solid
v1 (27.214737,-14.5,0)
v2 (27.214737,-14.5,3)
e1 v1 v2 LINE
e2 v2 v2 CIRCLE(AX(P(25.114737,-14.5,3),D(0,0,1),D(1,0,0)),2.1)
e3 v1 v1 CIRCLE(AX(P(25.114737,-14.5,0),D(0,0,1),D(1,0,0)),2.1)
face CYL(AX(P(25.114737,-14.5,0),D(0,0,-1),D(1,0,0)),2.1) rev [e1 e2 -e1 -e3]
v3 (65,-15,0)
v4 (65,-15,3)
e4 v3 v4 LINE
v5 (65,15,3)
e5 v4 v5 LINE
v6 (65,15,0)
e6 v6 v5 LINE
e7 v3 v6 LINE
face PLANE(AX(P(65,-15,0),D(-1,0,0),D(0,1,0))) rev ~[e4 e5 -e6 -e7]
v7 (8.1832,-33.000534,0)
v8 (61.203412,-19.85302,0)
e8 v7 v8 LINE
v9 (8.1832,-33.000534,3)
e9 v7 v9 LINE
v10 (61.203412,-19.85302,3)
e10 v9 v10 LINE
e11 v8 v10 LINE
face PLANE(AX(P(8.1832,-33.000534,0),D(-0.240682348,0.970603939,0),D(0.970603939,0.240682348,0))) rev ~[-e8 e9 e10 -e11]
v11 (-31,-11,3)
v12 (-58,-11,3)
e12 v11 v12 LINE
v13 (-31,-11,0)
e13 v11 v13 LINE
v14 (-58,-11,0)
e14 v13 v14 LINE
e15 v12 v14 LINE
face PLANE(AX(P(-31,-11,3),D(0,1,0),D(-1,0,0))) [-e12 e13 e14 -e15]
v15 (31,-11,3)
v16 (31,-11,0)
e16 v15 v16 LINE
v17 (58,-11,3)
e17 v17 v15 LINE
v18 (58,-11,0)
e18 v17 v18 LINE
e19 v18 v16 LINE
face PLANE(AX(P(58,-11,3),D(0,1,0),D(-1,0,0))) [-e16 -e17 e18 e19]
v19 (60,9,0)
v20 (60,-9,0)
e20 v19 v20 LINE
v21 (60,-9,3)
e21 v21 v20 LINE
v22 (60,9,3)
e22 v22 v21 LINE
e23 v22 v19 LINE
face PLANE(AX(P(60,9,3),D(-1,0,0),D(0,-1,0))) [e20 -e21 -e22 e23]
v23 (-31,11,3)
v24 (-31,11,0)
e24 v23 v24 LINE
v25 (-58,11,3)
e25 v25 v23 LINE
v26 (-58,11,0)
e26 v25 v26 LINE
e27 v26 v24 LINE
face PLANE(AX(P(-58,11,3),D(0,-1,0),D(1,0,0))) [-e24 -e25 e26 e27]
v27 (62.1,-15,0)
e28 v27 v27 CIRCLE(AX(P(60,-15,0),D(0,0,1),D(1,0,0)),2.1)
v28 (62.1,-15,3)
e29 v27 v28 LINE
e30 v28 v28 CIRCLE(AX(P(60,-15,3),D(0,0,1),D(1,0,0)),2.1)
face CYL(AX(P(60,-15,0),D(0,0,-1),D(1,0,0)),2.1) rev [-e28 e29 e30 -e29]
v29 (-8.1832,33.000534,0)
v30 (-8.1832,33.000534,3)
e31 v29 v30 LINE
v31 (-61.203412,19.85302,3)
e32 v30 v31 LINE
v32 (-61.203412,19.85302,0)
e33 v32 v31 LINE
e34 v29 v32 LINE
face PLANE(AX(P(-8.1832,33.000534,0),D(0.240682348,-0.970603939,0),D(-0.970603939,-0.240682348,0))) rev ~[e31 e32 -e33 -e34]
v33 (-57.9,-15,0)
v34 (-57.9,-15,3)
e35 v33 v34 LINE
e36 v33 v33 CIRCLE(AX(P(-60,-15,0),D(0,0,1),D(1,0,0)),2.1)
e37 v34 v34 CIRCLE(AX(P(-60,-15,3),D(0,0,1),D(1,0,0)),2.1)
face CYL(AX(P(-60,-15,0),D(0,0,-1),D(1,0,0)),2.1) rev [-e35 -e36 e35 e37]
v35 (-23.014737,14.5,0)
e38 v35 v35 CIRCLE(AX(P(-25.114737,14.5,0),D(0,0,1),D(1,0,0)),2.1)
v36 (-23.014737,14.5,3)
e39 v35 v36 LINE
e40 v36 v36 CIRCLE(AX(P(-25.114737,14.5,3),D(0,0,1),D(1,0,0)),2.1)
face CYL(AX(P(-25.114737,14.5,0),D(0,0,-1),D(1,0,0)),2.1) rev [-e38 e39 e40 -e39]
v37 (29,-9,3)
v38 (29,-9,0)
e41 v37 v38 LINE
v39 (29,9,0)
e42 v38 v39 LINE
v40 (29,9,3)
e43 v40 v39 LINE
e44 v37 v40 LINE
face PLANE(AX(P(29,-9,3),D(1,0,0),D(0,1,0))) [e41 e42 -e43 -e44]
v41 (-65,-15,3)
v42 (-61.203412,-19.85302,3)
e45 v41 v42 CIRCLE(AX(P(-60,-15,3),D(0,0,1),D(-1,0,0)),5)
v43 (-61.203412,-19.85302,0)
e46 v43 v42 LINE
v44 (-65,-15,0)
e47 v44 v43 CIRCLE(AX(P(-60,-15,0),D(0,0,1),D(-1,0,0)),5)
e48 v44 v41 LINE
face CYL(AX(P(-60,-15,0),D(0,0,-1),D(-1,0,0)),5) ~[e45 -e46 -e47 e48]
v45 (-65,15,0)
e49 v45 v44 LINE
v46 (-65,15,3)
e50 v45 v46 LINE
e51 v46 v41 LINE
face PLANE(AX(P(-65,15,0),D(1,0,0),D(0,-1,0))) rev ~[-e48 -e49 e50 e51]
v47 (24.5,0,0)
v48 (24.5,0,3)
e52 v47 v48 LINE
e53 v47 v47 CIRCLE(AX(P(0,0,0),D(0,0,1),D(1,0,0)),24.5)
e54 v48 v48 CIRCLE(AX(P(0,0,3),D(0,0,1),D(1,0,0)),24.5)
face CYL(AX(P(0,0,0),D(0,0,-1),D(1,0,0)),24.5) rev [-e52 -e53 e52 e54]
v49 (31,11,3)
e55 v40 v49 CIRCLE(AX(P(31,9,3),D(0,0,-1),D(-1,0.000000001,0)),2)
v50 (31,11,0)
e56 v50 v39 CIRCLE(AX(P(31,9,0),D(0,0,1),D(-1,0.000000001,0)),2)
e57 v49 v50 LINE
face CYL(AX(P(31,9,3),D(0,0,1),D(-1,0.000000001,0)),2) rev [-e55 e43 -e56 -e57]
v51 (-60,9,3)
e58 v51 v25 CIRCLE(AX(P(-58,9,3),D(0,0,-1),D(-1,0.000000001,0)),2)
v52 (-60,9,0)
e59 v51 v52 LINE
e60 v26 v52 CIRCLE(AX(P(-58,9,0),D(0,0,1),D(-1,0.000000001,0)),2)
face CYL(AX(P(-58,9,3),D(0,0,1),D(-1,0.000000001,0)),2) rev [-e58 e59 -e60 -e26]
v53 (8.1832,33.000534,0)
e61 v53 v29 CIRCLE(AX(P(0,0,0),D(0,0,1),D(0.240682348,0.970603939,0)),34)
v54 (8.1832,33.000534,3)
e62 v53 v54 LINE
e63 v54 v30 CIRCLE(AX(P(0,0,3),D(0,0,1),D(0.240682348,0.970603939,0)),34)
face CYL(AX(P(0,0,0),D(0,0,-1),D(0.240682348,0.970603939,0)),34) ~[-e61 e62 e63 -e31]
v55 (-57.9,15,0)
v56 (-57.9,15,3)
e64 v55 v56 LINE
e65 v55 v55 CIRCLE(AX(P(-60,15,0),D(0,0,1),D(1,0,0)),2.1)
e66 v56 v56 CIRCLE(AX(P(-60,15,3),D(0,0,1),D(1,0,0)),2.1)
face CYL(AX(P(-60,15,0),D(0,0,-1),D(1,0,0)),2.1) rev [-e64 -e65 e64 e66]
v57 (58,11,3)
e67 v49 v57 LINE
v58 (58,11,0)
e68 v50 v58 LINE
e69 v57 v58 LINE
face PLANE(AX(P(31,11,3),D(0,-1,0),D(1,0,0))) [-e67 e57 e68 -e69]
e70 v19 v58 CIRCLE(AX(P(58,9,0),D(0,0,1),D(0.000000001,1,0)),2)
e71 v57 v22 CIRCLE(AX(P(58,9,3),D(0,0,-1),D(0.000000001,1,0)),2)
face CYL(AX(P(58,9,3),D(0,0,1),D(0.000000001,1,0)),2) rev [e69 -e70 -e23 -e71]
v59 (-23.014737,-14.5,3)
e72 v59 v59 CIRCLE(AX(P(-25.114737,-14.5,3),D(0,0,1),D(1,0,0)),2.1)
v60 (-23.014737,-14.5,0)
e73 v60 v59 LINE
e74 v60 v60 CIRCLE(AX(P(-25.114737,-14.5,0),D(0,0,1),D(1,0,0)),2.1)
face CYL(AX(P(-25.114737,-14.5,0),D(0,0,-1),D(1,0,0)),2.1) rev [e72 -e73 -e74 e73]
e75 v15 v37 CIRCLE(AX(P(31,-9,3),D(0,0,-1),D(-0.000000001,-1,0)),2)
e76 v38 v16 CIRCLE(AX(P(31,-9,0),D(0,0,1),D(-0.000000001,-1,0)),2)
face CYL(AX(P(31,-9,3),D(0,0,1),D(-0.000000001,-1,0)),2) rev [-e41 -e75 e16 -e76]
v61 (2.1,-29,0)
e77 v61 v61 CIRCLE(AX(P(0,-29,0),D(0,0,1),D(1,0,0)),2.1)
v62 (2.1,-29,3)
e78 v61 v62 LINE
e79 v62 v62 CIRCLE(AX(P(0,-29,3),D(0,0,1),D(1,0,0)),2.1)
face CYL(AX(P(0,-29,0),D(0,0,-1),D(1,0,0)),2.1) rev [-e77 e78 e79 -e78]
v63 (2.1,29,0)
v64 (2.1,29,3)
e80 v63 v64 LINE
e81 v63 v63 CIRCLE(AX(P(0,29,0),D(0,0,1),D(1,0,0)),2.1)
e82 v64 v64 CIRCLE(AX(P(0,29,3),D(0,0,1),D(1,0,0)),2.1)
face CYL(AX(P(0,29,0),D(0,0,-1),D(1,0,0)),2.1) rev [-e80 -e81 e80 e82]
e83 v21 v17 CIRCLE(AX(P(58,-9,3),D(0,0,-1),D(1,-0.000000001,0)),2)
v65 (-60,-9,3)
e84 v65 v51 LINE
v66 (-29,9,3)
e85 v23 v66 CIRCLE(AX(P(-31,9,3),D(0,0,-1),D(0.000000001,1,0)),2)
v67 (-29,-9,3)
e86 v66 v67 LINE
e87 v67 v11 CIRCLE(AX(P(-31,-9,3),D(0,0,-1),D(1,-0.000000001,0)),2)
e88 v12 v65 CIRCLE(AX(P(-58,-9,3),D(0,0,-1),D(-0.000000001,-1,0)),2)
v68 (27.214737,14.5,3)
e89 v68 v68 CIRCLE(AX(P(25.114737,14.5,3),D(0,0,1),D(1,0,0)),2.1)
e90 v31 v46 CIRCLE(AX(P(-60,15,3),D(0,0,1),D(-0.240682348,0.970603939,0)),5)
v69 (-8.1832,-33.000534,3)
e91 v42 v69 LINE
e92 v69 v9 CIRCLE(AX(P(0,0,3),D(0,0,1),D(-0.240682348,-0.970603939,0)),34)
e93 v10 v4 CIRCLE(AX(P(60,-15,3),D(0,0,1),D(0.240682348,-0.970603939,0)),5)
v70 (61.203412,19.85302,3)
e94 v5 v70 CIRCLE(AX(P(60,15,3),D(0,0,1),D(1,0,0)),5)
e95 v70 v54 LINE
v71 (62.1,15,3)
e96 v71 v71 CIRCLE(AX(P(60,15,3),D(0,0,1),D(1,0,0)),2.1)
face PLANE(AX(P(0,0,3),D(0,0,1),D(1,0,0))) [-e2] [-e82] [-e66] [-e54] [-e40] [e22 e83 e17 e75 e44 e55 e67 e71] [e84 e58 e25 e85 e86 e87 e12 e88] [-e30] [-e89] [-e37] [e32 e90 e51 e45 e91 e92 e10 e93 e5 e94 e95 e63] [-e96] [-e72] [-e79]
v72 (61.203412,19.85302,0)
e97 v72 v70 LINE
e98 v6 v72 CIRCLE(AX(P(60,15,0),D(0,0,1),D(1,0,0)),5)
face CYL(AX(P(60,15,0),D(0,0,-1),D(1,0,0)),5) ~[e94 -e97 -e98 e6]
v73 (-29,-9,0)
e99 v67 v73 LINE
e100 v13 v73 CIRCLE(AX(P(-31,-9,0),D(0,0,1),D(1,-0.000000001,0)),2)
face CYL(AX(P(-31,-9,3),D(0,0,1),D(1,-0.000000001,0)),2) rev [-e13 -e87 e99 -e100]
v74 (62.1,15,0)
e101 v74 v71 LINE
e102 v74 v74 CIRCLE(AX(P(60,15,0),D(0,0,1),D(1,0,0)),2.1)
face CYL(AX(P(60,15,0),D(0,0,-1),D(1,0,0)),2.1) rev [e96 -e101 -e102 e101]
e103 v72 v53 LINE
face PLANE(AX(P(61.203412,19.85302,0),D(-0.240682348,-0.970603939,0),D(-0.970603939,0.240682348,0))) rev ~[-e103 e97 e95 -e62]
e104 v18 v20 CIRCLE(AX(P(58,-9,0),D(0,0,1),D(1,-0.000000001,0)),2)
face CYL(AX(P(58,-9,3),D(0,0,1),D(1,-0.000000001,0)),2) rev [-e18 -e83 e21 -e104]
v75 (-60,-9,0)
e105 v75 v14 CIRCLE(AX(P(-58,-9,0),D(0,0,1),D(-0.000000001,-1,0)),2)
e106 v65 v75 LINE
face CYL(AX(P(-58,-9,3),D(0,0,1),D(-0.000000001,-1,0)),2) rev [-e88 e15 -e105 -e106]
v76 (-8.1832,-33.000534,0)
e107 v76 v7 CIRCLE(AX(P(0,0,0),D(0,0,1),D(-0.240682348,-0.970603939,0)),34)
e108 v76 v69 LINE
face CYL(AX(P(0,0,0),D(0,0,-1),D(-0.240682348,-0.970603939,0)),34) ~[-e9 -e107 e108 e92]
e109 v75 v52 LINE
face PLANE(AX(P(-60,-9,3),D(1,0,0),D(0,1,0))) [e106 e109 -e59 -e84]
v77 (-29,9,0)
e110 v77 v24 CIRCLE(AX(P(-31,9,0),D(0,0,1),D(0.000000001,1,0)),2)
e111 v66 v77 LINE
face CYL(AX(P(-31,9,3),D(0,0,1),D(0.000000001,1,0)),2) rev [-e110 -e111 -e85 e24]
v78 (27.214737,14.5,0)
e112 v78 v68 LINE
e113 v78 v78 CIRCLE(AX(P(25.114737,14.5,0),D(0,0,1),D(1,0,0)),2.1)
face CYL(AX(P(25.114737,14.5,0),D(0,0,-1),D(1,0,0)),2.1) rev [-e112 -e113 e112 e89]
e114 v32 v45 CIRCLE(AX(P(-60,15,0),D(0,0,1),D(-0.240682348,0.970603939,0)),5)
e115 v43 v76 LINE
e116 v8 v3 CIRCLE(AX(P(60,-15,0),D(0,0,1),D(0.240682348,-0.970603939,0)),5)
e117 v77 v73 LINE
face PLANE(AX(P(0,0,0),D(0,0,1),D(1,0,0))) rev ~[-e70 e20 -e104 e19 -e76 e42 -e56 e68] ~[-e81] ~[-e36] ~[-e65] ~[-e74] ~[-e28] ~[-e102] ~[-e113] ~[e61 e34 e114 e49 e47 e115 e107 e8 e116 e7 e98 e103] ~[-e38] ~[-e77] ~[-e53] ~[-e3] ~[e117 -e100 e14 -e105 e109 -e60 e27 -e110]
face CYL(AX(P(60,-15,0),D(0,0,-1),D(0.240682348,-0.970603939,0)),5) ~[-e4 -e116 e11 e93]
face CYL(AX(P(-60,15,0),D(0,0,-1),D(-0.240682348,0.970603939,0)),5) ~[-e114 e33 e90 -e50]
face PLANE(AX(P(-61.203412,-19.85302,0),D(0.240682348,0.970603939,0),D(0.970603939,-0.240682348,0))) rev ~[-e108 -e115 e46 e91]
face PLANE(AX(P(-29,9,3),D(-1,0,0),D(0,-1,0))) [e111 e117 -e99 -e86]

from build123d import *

# Parameters (mm, degrees)
SKETCH_1_R          = 24.5
SKETCH_1_R_2        = 2.1
EXTRUDE_1_DEPTH     = 3
CUT_EXTRUDE_1_DEPTH = 10


with BuildPart() as part:
    # 草图1 → 凸台-拉伸1 (new body)
    with BuildSketch(Plane.XY):
        with BuildLine():
            Line((-65, 15), (-65, -15))
            ThreePointArc((-65, -15), (-63.938087017, -18.080823047), (-61.203411742, -19.853019697))
            Line((-61.203411742, -19.853019697), (-8.183199849, -33.000533939))
            ThreePointArc((-8.183199849, -33.000533939), (0, -34), (8.183199849, -33.000533939))
            Line((8.183199849, -33.000533939), (61.203411742, -19.853019697))
            ThreePointArc((61.203411742, -19.853019697), (63.938087017, -18.080823047), (65, -15))
            Line((65, -15), (65, 15))
            ThreePointArc((65, 15), (63.938087017, 18.080823047), (61.203411742, 19.853019697))
            Line((61.203411742, 19.853019697), (8.183199849, 33.000533939))
            ThreePointArc((8.183199849, 33.000533939), (0, 34), (-8.183199849, 33.000533939))
            Line((-8.183199849, 33.000533939), (-61.203411742, 19.853019697))
            ThreePointArc((-61.203411742, 19.853019697), (-63.938087017, 18.080823047), (-65, 15))
        make_face()
        Circle(SKETCH_1_R, mode=Mode.SUBTRACT)
        with Locations((0, 29)):
            Circle(SKETCH_1_R_2, mode=Mode.SUBTRACT)
        with Locations((25.11473671, 14.5)):
            Circle(SKETCH_1_R_2, mode=Mode.SUBTRACT)
        with Locations((25.11473671, -14.5)):
            Circle(SKETCH_1_R_2, mode=Mode.SUBTRACT)
        with Locations((0, -29)):
            Circle(SKETCH_1_R_2, mode=Mode.SUBTRACT)
        with Locations((-25.11473671, -14.5)):
            Circle(SKETCH_1_R_2, mode=Mode.SUBTRACT)
        with Locations((-25.11473671, 14.5)):
            Circle(SKETCH_1_R_2, mode=Mode.SUBTRACT)
        with Locations((-60, 15)):
            Circle(SKETCH_1_R_2, mode=Mode.SUBTRACT)
        with Locations((-60, -15)):
            Circle(SKETCH_1_R_2, mode=Mode.SUBTRACT)
        with Locations((60, -15)):
            Circle(SKETCH_1_R_2, mode=Mode.SUBTRACT)
        with Locations((60, 15)):
            Circle(SKETCH_1_R_2, mode=Mode.SUBTRACT)
    extrude(amount=EXTRUDE_1_DEPTH)

    # 草图2 → 切除-拉伸1 (cut)
    with BuildSketch(Plane.XY.offset(3)):
        with BuildLine():
            Line((-58, 11), (-31, 11))
            ThreePointArc((-31, 11), (-29.585786438, 10.414213562), (-29, 9))
            Line((-29, 9), (-29, -9))
            ThreePointArc((-29, -9), (-29.585786438, -10.414213562), (-31, -11))
            Line((-31, -11), (-58, -11))
            ThreePointArc((-58, -11), (-59.414213562, -10.414213562), (-60, -9))
            Line((-60, -9), (-60, 9))
            ThreePointArc((-60, 9), (-59.414213562, 10.414213562), (-58, 11))
        make_face()
        with BuildLine():
            Line((31, 11), (58, 11))
            ThreePointArc((58, 11), (59.414213562, 10.414213562), (60, 9))
            Line((60, 9), (60, -9))
            ThreePointArc((60, -9), (59.414213562, -10.414213562), (58, -11))
            Line((58, -11), (31, -11))
            ThreePointArc((31, -11), (29.585786438, -10.414213562), (29, -9))
            Line((29, -9), (29, 9))
            ThreePointArc((29, 9), (29.585786438, 10.414213562), (31, 11))
        make_face()
    extrude(amount=-CUT_EXTRUDE_1_DEPTH, mode=Mode.SUBTRACT)


solid = part.part
